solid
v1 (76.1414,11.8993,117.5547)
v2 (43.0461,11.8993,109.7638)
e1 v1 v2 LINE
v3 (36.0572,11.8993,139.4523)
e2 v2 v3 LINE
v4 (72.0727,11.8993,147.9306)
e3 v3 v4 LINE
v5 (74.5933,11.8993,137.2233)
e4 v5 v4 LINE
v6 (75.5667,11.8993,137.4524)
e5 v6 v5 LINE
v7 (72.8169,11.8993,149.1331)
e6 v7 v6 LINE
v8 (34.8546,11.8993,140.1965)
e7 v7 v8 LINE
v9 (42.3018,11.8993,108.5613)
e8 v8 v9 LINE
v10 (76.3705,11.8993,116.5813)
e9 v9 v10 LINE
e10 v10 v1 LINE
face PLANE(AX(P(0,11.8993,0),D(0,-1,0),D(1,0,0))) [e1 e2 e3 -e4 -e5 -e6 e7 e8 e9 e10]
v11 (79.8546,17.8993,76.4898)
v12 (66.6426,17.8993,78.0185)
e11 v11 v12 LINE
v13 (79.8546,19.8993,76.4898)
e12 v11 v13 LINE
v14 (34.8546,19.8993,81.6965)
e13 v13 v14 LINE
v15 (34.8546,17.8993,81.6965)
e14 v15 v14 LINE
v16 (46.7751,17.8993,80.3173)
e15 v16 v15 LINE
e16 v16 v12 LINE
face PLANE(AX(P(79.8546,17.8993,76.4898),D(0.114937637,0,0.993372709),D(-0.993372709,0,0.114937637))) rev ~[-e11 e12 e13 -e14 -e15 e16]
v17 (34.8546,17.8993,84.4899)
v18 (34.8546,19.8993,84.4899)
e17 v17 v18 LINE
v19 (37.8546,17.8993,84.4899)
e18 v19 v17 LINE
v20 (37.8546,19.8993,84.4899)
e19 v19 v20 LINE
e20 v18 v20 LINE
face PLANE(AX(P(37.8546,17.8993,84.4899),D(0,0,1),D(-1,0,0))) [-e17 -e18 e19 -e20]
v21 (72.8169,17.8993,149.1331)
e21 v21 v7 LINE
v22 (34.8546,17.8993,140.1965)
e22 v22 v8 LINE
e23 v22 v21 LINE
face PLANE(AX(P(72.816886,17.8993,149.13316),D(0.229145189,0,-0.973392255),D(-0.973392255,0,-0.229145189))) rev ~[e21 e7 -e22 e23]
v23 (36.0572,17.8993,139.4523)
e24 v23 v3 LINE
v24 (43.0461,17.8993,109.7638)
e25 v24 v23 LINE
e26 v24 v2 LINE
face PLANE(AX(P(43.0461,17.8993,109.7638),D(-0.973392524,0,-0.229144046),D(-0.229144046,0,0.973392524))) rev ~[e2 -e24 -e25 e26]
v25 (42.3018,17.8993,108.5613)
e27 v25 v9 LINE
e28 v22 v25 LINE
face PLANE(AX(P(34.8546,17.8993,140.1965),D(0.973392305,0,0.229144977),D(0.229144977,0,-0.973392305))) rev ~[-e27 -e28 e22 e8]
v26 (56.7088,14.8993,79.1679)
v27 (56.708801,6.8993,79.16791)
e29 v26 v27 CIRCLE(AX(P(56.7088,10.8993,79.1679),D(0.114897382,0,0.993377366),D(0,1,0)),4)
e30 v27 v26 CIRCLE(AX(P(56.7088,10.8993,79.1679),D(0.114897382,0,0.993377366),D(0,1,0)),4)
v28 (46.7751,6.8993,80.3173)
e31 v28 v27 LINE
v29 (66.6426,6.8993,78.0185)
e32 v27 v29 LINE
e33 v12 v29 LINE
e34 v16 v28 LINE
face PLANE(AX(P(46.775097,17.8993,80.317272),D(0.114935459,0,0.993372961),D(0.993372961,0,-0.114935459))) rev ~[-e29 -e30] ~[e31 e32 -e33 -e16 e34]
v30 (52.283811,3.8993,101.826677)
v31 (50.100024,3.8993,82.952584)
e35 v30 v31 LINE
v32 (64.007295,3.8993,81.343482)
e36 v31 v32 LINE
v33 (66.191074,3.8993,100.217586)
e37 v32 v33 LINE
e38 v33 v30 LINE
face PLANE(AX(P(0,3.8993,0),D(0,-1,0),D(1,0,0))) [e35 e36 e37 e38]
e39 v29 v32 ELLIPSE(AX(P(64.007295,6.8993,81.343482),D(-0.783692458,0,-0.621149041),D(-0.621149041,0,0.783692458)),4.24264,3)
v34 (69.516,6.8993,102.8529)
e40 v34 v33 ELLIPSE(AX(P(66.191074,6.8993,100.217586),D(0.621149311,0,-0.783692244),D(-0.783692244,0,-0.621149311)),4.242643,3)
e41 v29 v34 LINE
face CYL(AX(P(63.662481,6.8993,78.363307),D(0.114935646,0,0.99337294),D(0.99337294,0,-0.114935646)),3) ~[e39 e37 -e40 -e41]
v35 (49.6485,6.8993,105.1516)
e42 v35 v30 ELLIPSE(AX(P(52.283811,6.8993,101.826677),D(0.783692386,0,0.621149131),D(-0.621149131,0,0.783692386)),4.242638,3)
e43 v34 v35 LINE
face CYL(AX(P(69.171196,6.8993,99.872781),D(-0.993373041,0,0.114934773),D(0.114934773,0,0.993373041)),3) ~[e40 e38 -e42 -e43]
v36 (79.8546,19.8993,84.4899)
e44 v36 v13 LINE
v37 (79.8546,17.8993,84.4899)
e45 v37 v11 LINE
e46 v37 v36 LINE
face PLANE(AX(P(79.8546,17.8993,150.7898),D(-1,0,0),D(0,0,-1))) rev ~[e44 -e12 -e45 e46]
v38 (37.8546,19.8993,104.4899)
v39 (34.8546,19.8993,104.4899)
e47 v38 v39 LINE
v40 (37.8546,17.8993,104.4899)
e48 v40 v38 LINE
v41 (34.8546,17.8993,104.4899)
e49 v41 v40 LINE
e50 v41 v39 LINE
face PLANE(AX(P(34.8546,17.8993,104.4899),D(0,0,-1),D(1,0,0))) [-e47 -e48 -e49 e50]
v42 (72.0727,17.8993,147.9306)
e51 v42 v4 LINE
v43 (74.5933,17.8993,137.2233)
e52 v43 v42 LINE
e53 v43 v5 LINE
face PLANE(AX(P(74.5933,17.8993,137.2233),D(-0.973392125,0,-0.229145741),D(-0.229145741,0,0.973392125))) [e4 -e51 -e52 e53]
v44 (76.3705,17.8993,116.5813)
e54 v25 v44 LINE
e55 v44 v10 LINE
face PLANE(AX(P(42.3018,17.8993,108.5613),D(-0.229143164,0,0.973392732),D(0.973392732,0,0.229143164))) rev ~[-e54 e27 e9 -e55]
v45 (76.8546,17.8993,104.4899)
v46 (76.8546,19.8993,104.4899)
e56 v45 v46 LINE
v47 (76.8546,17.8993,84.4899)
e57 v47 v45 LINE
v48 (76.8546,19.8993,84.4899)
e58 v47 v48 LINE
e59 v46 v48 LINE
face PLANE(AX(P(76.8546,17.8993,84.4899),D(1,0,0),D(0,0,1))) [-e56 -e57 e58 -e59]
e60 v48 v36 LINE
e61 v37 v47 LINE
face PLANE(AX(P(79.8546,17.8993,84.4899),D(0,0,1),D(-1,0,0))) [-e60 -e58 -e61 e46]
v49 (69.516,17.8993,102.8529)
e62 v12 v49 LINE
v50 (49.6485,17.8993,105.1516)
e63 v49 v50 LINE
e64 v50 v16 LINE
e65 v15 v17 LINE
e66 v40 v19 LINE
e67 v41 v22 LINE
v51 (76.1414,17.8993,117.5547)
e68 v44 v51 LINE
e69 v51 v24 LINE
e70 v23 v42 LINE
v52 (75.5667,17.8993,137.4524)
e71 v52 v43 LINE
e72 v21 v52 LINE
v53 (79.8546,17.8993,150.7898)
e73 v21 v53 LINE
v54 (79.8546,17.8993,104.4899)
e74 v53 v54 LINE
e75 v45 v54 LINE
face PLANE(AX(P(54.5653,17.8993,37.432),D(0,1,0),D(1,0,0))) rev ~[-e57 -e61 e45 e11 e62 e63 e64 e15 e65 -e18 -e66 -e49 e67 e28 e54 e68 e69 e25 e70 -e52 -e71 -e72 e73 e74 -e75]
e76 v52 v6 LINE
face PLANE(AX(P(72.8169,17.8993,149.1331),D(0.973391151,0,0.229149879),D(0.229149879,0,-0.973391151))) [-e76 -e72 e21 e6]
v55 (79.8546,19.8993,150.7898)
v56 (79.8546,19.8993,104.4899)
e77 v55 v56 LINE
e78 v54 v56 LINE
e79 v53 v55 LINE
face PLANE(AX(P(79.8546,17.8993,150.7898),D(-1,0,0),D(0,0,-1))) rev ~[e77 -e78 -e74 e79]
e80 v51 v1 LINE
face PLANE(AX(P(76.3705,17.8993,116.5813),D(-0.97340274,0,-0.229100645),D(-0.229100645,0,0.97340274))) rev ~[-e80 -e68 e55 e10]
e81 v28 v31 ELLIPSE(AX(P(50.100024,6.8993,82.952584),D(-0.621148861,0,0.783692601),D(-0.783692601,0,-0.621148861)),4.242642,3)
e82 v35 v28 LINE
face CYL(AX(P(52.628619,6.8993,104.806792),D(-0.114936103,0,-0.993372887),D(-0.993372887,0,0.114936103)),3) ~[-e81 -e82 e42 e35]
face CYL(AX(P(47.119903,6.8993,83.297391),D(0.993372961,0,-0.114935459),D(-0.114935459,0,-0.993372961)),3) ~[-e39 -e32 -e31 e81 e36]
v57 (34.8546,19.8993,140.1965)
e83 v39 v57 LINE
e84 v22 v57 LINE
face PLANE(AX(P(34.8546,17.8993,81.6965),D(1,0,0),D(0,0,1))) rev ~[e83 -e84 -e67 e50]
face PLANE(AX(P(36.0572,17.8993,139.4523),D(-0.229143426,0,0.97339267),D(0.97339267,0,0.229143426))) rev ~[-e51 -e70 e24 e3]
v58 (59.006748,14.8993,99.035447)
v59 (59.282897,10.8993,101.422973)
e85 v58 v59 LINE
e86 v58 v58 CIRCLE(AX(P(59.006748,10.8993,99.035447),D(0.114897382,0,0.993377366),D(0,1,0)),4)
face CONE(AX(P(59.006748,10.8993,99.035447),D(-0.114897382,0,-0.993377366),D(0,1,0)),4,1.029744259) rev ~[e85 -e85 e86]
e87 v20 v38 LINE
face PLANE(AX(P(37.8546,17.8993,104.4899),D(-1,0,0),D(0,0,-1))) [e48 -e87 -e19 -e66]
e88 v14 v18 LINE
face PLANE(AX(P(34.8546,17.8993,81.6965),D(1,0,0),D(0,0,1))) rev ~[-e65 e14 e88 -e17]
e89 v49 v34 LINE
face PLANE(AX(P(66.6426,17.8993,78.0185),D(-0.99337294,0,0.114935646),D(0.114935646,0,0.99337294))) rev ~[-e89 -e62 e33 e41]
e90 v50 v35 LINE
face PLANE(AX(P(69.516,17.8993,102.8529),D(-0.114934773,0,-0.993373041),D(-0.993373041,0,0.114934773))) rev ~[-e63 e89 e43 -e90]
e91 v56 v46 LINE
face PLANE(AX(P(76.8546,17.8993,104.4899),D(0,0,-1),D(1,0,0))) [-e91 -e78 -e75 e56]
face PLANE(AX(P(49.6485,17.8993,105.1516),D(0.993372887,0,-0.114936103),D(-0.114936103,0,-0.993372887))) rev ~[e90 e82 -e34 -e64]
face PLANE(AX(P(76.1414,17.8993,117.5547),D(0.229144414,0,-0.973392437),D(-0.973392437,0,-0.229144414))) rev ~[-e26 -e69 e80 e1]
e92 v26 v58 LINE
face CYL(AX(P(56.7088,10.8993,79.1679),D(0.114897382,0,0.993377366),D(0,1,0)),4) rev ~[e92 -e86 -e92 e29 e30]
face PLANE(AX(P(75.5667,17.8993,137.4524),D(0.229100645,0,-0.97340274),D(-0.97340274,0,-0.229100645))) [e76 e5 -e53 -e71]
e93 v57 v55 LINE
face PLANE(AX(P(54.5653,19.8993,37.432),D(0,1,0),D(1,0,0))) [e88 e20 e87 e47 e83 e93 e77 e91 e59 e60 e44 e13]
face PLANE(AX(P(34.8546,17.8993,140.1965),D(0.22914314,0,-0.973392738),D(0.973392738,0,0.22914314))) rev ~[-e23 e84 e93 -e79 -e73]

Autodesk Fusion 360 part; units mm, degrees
ref_plane "WorkPlane3" through (54.5653, 17.8993, 37.432) normal (0, 1, 0) x (-1, 0, 0)
sketch "Top part base" plane through (54.5653, 17.8993, 37.432) normal (0, 1, 0) x (1, 0, 0)
  line L0 (25.2893, -113.3578) -> (25.2893, -39.0578)
  line L1 (25.2893, -39.0578) -> (-19.7107, -44.2645)
  line L2 (-19.7107, -44.2645) -> (-19.7107, -102.7645)
  line L3 (-19.7107, -102.7645) -> (25.2893, -113.3578)
  line L4 (-30, 0) -> (100, 0) construction
  dimension "d112" = 45
  dimension "d113" = 58.5
  dimension "d114" = 74.3
  dimension "d115" = 6.6
extrude "Extrude9" add sketch "Top part base" along normal blind 2
sketch "Anchor" plane through (0, 17.8993, 0) normal (0, -1, 0) x (1, 0, 0)
  line L0 (79.8546, 150.7899) -> (34.8546, 140.1965)
  line L1 (34.8546, 140.1965) -> (34.8546, 81.6965)
  line L2 (34.8546, 81.6965) -> (79.8546, 76.4899)
  line L3 (79.8546, 76.4899) -> (79.8546, 150.7899)
  line L4 (11.5702, 84.3906) -> (87.0208, 75.6607) construction
  line L5 (46.7751, 80.3173) -> (66.6426, 78.0185)
  line L6 (66.6426, 78.0185) -> (69.516, 102.8529)
  line L7 (69.516, 102.8529) -> (49.6485, 105.1516)
  line L8 (49.6485, 105.1516) -> (46.7751, 80.3173)
  dimension "d86" = 90
  dimension "d87" = 90
  dimension "d88" = 90
  dimension "d89" = 12
  dimension "d90" = 20
  dimension "d91" = 25
extrude "Extrude10" add sketch "Anchor" along normal blind 14 contours L2 L5 L6 L7 L8
sketch "Stopper battery" plane through (0, 17.8993, 0) normal (0, -1, 0) x (1, 0, 0)
  line L0 (69.516, 102.8529) -> (66.6426, 78.0185)
  line L1 (66.6426, 78.0185) -> (79.8546, 76.4899)
  line L2 (79.8546, 76.4899) -> (79.8546, 150.7899)
  line L3 (79.8546, 150.7899) -> (34.8546, 140.1965)
  line L4 (34.8546, 140.1965) -> (34.8546, 81.6965)
  line L5 (34.8546, 81.6965) -> (46.7751, 80.3173)
  line L6 (46.7751, 80.3173) -> (49.6485, 105.1516)
  line L7 (49.6485, 105.1516) -> (69.516, 102.8529)
  line L8 (34.8546, 140.1965) -> (72.8169, 149.1331)
  line L9 (34.8546, 140.1965) -> (42.3018, 108.5613)
  line L10 (42.3018, 108.5613) -> (76.3705, 116.5813)
  line L11 (76.3705, 116.5813) -> (76.1414, 117.5547)
  line L12 (76.1414, 117.5547) -> (43.0461, 109.7638)
  line L13 (43.0461, 109.7638) -> (36.0572, 139.4523)
  line L14 (36.0572, 139.4523) -> (72.0727, 147.9306)
  line L15 (72.8169, 149.1331) -> (75.5667, 137.4524)
  line L16 (75.5667, 137.4524) -> (74.5933, 137.2233)
  line L17 (74.5933, 137.2233) -> (72.0727, 147.9306)
  dimension "d116" = 39
  dimension "d117" = 32.5
  dimension "d118" = 35
  dimension "d119" = 1
  dimension "d120" = 1
  dimension "d121" = 1
  dimension "d122" = 12
  dimension "d123" = 1
  dimension "d124" = 1
sketch "Anchor hole" plane through (9.7882, 0, 84.5968) normal (-0.1149, 0, -0.9934) x (0, 1, 0)
  line L0 (17.8993, 70.5339) -> (17.8993, 57.2337)
  line L1 (17.8993, 57.2337) -> (3.8993, 57.2337)
  line L2 (3.8993, 57.2337) -> (3.8993, 37.2337)
  line L3 (3.8993, 37.2337) -> (17.8993, 37.2337)
  line L4 (17.8993, 37.2337) -> (17.8993, 25.2337)
  line L5 (17.8993, 25.2337) -> (19.8993, 25.2337)
  line L6 (19.8993, 25.2337) -> (19.8993, 70.5339)
  line L7 (19.8993, 70.5339) -> (17.8993, 70.5339)
  circle A0 centre (10.8993, 47.2337) radius 4
  line L8 (19.8993, 47.2337) -> (3.8993, 47.2337) construction
  dimension "d109" = 8
  dimension "d110" = 7
hole "Hole3" at (56.7088, 10.8993, 79.1679) direction (0.1149, 0, 0.9934) diameter 8 depth 20 tip angle 118
extrude "Extrude12" add sketch "Stopper battery" along normal blind 6 contours L3 L8 L9 L10 L11 L12 L13 L14 L15 L16 L17
sketch "Strap holes" plane through (0, 17.8993, 0) normal (0, -1, 0) x (1, 0, 0)
  line L0 (72.8169, 149.1331) -> (75.5667, 137.4524)
  line L1 (75.5667, 137.4524) -> (74.5933, 137.2233)
  line L2 (74.5933, 137.2233) -> (72.0727, 147.9306)
  line L3 (72.0727, 147.9306) -> (36.0572, 139.4523)
  line L4 (36.0572, 139.4523) -> (43.0461, 109.7638)
  line L5 (43.0461, 109.7638) -> (76.1414, 117.5547)
  line L6 (76.1414, 117.5547) -> (76.3705, 116.5813)
  line L7 (76.3705, 116.5813) -> (42.3018, 108.5613)
  line L8 (42.3018, 108.5613) -> (34.8546, 140.1965)
  line L9 (34.8546, 140.1965) -> (34.8546, 81.6965)
  line L10 (34.8546, 81.6965) -> (46.7751, 80.3173)
  line L11 (46.7751, 80.3173) -> (49.6485, 105.1516)
  line L12 (49.6485, 105.1516) -> (69.516, 102.8529)
  line L13 (69.516, 102.8529) -> (66.6426, 78.0185)
  line L14 (66.6426, 78.0185) -> (79.8546, 76.4899)
  line L15 (79.8546, 76.4899) -> (79.8546, 150.7899)
  line L16 (79.8546, 150.7899) -> (72.8169, 149.1331)
  line L17 (34.8546, 104.4899) -> (37.8546, 104.4899)
  line L18 (37.8546, 104.4899) -> (37.8546, 84.4899)
  line L19 (37.8546, 84.4899) -> (34.8546, 84.4899)
  line L20 (34.8546, 84.4899) -> (34.8546, 104.4899)
  line L21 (76.8546, 104.4899) -> (79.8546, 104.4899)
  line L22 (79.8546, 104.4899) -> (79.8546, 84.4899)
  line L23 (79.8546, 84.4899) -> (76.8546, 84.4899)
  line L24 (76.8546, 84.4899) -> (76.8546, 104.4899)
  dimension "d127" = 20
  dimension "d128" = 8
  dimension "d129" = 3
extrude "Extrude13" cut sketch "Strap holes" against normal blind 10 contours L15 L21 L22 L23 L24 | L9 L17 L18 L19 L20
fillet "Fillet5" radius 3 4 edges at (59.5823, 3.8993, 104.0022) (68.0793, 3.8993, 90.4357) (48.2118, 3.8993, 92.7344) (56.7088, 3.8993, 79.1679)
